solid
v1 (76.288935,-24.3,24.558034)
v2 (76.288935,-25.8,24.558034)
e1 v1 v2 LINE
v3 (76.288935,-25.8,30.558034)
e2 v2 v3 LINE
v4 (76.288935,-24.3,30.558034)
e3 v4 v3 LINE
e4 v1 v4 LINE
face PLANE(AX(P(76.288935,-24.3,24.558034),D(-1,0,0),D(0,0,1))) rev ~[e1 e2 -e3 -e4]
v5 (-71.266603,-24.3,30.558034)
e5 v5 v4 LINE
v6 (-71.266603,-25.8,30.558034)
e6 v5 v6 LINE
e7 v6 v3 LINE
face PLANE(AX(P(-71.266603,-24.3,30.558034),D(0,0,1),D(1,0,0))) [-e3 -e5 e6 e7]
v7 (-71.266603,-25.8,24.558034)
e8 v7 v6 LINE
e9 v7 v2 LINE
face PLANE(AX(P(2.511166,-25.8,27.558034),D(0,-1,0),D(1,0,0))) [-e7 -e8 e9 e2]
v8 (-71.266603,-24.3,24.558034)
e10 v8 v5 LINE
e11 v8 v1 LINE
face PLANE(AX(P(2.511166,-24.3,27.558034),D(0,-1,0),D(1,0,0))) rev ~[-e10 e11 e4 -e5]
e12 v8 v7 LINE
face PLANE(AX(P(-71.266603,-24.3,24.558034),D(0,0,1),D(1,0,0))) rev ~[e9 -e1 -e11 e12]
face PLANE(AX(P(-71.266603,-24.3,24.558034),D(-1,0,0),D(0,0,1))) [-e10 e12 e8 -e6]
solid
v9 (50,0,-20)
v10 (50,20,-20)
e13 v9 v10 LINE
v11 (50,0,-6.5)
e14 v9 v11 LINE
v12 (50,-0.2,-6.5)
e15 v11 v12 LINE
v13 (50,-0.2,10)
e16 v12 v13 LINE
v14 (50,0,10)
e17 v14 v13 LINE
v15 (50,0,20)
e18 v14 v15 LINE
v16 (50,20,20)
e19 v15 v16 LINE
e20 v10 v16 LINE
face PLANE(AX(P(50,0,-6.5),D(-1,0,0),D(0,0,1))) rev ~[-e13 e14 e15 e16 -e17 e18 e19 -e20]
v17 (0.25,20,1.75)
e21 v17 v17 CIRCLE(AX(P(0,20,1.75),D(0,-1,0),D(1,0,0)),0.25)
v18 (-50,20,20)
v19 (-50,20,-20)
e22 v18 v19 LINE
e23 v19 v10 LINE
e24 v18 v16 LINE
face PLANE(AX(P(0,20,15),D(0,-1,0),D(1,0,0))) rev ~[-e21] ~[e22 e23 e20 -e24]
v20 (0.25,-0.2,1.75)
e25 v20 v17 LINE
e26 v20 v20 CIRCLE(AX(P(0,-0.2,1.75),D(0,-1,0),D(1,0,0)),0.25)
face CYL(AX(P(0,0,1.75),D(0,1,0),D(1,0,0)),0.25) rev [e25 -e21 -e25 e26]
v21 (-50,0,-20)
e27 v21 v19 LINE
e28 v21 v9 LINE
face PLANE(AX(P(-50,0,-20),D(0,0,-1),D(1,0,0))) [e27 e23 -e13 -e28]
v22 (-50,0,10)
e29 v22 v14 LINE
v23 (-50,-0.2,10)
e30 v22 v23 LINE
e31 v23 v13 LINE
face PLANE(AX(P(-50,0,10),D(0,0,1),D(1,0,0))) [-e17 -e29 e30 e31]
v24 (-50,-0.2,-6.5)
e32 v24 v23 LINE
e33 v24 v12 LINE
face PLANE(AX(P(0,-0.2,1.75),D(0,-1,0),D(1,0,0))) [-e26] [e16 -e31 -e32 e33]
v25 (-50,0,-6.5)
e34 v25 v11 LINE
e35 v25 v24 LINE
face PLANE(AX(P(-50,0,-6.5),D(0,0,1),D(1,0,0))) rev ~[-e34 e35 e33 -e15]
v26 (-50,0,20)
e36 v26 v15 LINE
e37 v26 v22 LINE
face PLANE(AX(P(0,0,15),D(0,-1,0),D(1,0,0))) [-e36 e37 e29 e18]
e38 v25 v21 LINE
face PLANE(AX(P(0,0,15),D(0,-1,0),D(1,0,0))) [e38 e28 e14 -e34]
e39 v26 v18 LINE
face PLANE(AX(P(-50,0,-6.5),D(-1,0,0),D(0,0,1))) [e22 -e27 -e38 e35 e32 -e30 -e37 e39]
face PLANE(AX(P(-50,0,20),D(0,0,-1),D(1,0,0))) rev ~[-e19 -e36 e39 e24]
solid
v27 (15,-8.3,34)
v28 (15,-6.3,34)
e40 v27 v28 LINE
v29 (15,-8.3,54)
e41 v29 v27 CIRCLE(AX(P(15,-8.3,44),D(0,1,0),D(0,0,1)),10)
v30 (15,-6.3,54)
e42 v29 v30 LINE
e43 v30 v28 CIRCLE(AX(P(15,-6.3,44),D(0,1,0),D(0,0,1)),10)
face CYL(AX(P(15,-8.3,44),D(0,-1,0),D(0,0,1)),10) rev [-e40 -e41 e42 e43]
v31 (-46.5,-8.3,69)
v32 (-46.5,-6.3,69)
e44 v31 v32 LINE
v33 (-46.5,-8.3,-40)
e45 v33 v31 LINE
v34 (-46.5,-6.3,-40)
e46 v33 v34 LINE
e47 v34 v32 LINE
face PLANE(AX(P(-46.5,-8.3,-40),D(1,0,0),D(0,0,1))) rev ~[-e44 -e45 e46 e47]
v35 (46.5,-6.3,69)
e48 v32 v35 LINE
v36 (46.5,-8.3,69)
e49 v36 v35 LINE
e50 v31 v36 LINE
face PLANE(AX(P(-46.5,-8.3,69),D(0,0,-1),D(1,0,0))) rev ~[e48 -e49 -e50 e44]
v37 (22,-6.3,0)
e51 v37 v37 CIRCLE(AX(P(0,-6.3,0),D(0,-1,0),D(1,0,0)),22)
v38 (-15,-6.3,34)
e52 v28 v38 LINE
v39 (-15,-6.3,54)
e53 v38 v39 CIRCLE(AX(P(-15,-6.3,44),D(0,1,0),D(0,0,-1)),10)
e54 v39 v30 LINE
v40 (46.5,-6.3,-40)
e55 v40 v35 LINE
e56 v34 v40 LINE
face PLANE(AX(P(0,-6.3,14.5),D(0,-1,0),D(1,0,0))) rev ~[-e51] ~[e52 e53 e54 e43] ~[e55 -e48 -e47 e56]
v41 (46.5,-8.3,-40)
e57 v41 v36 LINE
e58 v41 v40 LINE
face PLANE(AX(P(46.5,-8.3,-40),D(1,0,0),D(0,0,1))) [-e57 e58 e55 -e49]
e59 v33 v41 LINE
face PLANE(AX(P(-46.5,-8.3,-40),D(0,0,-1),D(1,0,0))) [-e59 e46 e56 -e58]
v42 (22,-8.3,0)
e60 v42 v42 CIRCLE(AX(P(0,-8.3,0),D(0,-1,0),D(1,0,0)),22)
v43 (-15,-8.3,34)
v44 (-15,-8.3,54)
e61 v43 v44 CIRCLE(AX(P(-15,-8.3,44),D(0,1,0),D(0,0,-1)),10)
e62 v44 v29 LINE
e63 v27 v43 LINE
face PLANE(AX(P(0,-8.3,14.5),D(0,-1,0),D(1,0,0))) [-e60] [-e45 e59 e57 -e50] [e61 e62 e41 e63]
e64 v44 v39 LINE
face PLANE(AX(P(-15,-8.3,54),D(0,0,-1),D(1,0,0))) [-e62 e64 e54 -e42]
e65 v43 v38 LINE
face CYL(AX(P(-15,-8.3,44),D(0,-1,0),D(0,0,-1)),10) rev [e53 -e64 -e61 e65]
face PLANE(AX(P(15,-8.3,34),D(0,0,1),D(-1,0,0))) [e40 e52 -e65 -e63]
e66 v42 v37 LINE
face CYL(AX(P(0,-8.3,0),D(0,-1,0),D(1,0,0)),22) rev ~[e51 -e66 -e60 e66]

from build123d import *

# Parameters (mm, degrees)
F0_W     = 100
F0_H     = 10
F0_H_2   = 16.5
F0_R     = 0.25
F0_H_3   = 13.5
F1_DEPTH = 20
F2_DEPTH = 0.2
F4_W     = 93
F4_H     = 109
F4_R     = 22
F5_DEPTH = 2
F7_W     = 147.5555372408
F7_H     = 6
F8_DEPTH = 1.5


with BuildPart() as f1:
    # F0 (on Front) → F1 (new body)
    with BuildSketch(Plane.XZ):
        with Locations((0, 15)):
            Rectangle(F0_W, F0_H)
        with Locations((0, 1.75)):
            Rectangle(F0_W, F0_H_2)
        with Locations((0, 1.75)):
            Circle(F0_R, mode=Mode.SUBTRACT)
        with Locations((0, -13.25)):
            Rectangle(F0_W, F0_H_3)
    extrude(amount=-F1_DEPTH)

    # F0 (on Front) → F2 (join)
    with BuildSketch(Plane.XZ):
        with Locations((0, 1.75)):
            Rectangle(F0_W, F0_H_2)
        with Locations((0, 1.75)):
            Circle(F0_R, mode=Mode.SUBTRACT)
    extrude(amount=F2_DEPTH)


with BuildPart() as f5:
    # F4 (on offset) → F5 (new body)
    with BuildSketch(Plane.XZ.offset(8.3)):
        with Locations((0, 14.5)):
            Rectangle(F4_W, F4_H)
        Circle(F4_R, mode=Mode.SUBTRACT)
        with BuildLine():
            ThreePointArc((-15, 34), (-25, 44), (-15, 54))
            Line((-15, 54), (15, 54))
            ThreePointArc((15, 54), (25, 44), (15, 34))
            Line((15, 34), (-15, 34))
        make_face(mode=Mode.SUBTRACT)
    extrude(amount=-F5_DEPTH)


with BuildPart() as f8:
    # F7 (on offset) → F8 (new body)
    with BuildSketch(Plane.XZ.offset(24.3)):
        with Locations((2.5111660361, 27.5580342859)):
            Rectangle(F7_W, F7_H)
    extrude(amount=F8_DEPTH)


solid = Compound([f1.part, f5.part, f8.part])
